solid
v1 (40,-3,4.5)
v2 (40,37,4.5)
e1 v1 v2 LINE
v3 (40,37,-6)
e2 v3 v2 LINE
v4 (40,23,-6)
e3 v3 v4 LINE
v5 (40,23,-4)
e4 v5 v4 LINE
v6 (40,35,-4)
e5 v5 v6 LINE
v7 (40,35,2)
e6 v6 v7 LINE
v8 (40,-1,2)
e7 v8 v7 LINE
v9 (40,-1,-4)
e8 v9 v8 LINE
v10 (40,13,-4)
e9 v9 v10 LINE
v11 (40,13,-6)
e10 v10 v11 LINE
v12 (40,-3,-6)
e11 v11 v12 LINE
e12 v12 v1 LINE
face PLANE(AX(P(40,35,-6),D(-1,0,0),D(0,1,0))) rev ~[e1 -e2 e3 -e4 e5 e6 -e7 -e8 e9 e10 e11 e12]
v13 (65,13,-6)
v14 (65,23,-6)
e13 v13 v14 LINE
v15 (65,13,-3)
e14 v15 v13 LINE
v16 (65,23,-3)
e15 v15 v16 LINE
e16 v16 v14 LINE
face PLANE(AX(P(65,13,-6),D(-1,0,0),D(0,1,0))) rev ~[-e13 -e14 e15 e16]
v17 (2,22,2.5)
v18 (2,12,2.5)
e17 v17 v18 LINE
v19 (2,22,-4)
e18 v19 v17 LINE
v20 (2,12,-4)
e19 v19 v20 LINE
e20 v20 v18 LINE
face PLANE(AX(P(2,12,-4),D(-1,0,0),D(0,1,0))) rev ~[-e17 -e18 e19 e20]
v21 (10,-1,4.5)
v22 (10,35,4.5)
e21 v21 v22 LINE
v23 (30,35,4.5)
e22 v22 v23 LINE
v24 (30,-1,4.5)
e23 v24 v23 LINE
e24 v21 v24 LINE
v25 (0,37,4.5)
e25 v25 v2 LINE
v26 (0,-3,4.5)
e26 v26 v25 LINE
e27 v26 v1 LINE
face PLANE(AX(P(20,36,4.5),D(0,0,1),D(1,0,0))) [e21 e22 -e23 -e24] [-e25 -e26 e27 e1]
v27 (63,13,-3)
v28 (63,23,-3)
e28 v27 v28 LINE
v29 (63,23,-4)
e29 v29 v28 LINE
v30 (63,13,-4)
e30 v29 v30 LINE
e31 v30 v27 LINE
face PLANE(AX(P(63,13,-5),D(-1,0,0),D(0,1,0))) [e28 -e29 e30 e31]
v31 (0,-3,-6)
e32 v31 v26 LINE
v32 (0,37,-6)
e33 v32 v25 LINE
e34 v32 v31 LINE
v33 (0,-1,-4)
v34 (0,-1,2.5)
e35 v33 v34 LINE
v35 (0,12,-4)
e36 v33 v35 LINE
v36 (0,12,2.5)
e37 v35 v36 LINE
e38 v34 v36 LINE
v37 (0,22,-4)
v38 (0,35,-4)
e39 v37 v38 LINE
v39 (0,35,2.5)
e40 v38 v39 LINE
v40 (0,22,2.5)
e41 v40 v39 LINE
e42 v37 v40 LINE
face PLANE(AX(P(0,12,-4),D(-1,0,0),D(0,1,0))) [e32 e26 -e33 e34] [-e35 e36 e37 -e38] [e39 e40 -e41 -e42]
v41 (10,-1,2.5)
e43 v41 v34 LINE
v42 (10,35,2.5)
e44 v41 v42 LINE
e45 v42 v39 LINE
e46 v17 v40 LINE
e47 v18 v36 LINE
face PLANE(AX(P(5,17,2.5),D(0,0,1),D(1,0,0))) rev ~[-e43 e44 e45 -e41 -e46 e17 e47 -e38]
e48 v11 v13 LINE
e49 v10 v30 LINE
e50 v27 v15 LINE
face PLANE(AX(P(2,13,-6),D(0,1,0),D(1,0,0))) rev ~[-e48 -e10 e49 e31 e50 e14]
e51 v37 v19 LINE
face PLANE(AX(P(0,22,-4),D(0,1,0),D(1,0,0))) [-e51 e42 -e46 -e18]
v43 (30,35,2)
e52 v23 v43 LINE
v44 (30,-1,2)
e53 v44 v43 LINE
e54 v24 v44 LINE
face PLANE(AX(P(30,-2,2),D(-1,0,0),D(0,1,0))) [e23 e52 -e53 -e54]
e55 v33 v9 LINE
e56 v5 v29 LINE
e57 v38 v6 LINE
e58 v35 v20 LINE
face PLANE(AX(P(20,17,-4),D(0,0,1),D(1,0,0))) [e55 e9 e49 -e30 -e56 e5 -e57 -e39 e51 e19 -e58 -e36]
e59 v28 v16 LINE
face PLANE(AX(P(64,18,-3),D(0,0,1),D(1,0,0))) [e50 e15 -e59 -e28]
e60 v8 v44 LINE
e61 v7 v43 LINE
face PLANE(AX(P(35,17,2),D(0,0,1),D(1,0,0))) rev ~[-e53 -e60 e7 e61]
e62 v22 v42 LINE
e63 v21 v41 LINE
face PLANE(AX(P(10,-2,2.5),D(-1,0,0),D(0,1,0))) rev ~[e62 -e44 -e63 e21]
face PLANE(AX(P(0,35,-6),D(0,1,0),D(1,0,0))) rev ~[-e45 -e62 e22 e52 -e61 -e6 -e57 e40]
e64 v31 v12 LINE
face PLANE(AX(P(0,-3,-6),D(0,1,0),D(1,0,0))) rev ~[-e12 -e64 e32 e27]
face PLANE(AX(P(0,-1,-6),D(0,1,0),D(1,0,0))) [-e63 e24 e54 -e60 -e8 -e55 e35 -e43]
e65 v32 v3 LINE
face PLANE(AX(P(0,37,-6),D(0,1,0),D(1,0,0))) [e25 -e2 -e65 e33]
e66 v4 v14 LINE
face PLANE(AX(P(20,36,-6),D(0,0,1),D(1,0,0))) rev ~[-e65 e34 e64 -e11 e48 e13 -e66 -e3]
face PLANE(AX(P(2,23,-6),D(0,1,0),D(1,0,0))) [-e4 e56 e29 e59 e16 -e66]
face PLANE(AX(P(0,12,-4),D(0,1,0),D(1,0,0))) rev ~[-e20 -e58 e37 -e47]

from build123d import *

# Parameters (mm, degrees)
BOX001_W     = 40
BOX001_H     = 36
BOX001_DEPTH = 2
BOX002_W     = 10
BOX002_H     = 38
BOX002_DEPTH = 2.5
BOX003_W     = 40
BOX003_H     = 2
BOX003_DEPTH = 10.5
BOX004_W     = 40
BOX004_H     = 2
BOX004_DEPTH = 10.5
BOX005_W     = 2
BOX005_H     = 10
BOX005_DEPTH = 8.5
BOX006_W     = 63
BOX006_H     = 10
BOX006_DEPTH = 2
BOX007_W     = 2
BOX007_H     = 10
BOX007_DEPTH = 2
BOX_W        = 10
BOX_H        = 38
BOX_DEPTH    = 2


with BuildPart() as cube001:
    # Box001 → Box001 (new body)
    with BuildSketch(Plane(origin=(0, -1, -6), x_dir=(1, 0, 0), z_dir=(0, 0, 1))):
        with Locations((20, 18)):
            Rectangle(BOX001_W, BOX001_H)
    extrude(amount=BOX001_DEPTH)


with BuildPart() as cube002:
    # Box002 → Box002 (new body)
    with BuildSketch(Plane(origin=(30, -2, 2), x_dir=(1, 0, 0), z_dir=(0, 0, 1))):
        with Locations((5, 19)):
            Rectangle(BOX002_W, BOX002_H)
    extrude(amount=BOX002_DEPTH)


with BuildPart() as cube003:
    # Box003 → Box003 (new body)
    with BuildSketch(Plane(origin=(0, -3, -6), x_dir=(1, 0, 0), z_dir=(0, 0, 1))):
        with Locations((20, 1)):
            Rectangle(BOX003_W, BOX003_H)
    extrude(amount=BOX003_DEPTH)


with BuildPart() as cube004:
    # Box004 → Box004 (new body)
    with BuildSketch(Plane(origin=(0, 35, -6), x_dir=(1, 0, 0), z_dir=(0, 0, 1))):
        with Locations((20, 1)):
            Rectangle(BOX004_W, BOX004_H)
    extrude(amount=BOX004_DEPTH)


with BuildPart() as cube005:
    # Box005 → Box005 (new body)
    with BuildSketch(Plane(origin=(0, 12, -4), x_dir=(1, 0, 0), z_dir=(0, 0, 1))):
        with Locations((1, 5)):
            Rectangle(BOX005_W, BOX005_H)
    extrude(amount=BOX005_DEPTH)


with BuildPart() as cube006:
    # Box006 → Box006 (new body)
    with BuildSketch(Plane(origin=(2, 13, -6), x_dir=(1, 0, 0), z_dir=(0, 0, 1))):
        with Locations((31.5, 5)):
            Rectangle(BOX006_W, BOX006_H)
    extrude(amount=BOX006_DEPTH)


with BuildPart() as cube007:
    # Box007 → Box007 (new body)
    with BuildSketch(Plane(origin=(63, 13, -5), x_dir=(1, 0, 0), z_dir=(0, 0, 1))):
        with Locations((1, 5)):
            Rectangle(BOX007_W, BOX007_H)
    extrude(amount=BOX007_DEPTH)


with BuildPart() as fusion:
    # Box → Box (new body)
    with BuildSketch(Plane(origin=(0, -2, 2.5), x_dir=(1, 0, 0), z_dir=(0, 0, 1))):
        with Locations((5, 19)):
            Rectangle(BOX_W, BOX_H)
    extrude(amount=BOX_DEPTH)

    # Fusion: union Cube001, Cube002, Cube003, Cube004, Cube005, Cube006, Cube007
    add(cube001.part)
    add(cube002.part)
    add(cube003.part)
    add(cube004.part)
    add(cube005.part)
    add(cube006.part)
    add(cube007.part)


solid = fusion.part
